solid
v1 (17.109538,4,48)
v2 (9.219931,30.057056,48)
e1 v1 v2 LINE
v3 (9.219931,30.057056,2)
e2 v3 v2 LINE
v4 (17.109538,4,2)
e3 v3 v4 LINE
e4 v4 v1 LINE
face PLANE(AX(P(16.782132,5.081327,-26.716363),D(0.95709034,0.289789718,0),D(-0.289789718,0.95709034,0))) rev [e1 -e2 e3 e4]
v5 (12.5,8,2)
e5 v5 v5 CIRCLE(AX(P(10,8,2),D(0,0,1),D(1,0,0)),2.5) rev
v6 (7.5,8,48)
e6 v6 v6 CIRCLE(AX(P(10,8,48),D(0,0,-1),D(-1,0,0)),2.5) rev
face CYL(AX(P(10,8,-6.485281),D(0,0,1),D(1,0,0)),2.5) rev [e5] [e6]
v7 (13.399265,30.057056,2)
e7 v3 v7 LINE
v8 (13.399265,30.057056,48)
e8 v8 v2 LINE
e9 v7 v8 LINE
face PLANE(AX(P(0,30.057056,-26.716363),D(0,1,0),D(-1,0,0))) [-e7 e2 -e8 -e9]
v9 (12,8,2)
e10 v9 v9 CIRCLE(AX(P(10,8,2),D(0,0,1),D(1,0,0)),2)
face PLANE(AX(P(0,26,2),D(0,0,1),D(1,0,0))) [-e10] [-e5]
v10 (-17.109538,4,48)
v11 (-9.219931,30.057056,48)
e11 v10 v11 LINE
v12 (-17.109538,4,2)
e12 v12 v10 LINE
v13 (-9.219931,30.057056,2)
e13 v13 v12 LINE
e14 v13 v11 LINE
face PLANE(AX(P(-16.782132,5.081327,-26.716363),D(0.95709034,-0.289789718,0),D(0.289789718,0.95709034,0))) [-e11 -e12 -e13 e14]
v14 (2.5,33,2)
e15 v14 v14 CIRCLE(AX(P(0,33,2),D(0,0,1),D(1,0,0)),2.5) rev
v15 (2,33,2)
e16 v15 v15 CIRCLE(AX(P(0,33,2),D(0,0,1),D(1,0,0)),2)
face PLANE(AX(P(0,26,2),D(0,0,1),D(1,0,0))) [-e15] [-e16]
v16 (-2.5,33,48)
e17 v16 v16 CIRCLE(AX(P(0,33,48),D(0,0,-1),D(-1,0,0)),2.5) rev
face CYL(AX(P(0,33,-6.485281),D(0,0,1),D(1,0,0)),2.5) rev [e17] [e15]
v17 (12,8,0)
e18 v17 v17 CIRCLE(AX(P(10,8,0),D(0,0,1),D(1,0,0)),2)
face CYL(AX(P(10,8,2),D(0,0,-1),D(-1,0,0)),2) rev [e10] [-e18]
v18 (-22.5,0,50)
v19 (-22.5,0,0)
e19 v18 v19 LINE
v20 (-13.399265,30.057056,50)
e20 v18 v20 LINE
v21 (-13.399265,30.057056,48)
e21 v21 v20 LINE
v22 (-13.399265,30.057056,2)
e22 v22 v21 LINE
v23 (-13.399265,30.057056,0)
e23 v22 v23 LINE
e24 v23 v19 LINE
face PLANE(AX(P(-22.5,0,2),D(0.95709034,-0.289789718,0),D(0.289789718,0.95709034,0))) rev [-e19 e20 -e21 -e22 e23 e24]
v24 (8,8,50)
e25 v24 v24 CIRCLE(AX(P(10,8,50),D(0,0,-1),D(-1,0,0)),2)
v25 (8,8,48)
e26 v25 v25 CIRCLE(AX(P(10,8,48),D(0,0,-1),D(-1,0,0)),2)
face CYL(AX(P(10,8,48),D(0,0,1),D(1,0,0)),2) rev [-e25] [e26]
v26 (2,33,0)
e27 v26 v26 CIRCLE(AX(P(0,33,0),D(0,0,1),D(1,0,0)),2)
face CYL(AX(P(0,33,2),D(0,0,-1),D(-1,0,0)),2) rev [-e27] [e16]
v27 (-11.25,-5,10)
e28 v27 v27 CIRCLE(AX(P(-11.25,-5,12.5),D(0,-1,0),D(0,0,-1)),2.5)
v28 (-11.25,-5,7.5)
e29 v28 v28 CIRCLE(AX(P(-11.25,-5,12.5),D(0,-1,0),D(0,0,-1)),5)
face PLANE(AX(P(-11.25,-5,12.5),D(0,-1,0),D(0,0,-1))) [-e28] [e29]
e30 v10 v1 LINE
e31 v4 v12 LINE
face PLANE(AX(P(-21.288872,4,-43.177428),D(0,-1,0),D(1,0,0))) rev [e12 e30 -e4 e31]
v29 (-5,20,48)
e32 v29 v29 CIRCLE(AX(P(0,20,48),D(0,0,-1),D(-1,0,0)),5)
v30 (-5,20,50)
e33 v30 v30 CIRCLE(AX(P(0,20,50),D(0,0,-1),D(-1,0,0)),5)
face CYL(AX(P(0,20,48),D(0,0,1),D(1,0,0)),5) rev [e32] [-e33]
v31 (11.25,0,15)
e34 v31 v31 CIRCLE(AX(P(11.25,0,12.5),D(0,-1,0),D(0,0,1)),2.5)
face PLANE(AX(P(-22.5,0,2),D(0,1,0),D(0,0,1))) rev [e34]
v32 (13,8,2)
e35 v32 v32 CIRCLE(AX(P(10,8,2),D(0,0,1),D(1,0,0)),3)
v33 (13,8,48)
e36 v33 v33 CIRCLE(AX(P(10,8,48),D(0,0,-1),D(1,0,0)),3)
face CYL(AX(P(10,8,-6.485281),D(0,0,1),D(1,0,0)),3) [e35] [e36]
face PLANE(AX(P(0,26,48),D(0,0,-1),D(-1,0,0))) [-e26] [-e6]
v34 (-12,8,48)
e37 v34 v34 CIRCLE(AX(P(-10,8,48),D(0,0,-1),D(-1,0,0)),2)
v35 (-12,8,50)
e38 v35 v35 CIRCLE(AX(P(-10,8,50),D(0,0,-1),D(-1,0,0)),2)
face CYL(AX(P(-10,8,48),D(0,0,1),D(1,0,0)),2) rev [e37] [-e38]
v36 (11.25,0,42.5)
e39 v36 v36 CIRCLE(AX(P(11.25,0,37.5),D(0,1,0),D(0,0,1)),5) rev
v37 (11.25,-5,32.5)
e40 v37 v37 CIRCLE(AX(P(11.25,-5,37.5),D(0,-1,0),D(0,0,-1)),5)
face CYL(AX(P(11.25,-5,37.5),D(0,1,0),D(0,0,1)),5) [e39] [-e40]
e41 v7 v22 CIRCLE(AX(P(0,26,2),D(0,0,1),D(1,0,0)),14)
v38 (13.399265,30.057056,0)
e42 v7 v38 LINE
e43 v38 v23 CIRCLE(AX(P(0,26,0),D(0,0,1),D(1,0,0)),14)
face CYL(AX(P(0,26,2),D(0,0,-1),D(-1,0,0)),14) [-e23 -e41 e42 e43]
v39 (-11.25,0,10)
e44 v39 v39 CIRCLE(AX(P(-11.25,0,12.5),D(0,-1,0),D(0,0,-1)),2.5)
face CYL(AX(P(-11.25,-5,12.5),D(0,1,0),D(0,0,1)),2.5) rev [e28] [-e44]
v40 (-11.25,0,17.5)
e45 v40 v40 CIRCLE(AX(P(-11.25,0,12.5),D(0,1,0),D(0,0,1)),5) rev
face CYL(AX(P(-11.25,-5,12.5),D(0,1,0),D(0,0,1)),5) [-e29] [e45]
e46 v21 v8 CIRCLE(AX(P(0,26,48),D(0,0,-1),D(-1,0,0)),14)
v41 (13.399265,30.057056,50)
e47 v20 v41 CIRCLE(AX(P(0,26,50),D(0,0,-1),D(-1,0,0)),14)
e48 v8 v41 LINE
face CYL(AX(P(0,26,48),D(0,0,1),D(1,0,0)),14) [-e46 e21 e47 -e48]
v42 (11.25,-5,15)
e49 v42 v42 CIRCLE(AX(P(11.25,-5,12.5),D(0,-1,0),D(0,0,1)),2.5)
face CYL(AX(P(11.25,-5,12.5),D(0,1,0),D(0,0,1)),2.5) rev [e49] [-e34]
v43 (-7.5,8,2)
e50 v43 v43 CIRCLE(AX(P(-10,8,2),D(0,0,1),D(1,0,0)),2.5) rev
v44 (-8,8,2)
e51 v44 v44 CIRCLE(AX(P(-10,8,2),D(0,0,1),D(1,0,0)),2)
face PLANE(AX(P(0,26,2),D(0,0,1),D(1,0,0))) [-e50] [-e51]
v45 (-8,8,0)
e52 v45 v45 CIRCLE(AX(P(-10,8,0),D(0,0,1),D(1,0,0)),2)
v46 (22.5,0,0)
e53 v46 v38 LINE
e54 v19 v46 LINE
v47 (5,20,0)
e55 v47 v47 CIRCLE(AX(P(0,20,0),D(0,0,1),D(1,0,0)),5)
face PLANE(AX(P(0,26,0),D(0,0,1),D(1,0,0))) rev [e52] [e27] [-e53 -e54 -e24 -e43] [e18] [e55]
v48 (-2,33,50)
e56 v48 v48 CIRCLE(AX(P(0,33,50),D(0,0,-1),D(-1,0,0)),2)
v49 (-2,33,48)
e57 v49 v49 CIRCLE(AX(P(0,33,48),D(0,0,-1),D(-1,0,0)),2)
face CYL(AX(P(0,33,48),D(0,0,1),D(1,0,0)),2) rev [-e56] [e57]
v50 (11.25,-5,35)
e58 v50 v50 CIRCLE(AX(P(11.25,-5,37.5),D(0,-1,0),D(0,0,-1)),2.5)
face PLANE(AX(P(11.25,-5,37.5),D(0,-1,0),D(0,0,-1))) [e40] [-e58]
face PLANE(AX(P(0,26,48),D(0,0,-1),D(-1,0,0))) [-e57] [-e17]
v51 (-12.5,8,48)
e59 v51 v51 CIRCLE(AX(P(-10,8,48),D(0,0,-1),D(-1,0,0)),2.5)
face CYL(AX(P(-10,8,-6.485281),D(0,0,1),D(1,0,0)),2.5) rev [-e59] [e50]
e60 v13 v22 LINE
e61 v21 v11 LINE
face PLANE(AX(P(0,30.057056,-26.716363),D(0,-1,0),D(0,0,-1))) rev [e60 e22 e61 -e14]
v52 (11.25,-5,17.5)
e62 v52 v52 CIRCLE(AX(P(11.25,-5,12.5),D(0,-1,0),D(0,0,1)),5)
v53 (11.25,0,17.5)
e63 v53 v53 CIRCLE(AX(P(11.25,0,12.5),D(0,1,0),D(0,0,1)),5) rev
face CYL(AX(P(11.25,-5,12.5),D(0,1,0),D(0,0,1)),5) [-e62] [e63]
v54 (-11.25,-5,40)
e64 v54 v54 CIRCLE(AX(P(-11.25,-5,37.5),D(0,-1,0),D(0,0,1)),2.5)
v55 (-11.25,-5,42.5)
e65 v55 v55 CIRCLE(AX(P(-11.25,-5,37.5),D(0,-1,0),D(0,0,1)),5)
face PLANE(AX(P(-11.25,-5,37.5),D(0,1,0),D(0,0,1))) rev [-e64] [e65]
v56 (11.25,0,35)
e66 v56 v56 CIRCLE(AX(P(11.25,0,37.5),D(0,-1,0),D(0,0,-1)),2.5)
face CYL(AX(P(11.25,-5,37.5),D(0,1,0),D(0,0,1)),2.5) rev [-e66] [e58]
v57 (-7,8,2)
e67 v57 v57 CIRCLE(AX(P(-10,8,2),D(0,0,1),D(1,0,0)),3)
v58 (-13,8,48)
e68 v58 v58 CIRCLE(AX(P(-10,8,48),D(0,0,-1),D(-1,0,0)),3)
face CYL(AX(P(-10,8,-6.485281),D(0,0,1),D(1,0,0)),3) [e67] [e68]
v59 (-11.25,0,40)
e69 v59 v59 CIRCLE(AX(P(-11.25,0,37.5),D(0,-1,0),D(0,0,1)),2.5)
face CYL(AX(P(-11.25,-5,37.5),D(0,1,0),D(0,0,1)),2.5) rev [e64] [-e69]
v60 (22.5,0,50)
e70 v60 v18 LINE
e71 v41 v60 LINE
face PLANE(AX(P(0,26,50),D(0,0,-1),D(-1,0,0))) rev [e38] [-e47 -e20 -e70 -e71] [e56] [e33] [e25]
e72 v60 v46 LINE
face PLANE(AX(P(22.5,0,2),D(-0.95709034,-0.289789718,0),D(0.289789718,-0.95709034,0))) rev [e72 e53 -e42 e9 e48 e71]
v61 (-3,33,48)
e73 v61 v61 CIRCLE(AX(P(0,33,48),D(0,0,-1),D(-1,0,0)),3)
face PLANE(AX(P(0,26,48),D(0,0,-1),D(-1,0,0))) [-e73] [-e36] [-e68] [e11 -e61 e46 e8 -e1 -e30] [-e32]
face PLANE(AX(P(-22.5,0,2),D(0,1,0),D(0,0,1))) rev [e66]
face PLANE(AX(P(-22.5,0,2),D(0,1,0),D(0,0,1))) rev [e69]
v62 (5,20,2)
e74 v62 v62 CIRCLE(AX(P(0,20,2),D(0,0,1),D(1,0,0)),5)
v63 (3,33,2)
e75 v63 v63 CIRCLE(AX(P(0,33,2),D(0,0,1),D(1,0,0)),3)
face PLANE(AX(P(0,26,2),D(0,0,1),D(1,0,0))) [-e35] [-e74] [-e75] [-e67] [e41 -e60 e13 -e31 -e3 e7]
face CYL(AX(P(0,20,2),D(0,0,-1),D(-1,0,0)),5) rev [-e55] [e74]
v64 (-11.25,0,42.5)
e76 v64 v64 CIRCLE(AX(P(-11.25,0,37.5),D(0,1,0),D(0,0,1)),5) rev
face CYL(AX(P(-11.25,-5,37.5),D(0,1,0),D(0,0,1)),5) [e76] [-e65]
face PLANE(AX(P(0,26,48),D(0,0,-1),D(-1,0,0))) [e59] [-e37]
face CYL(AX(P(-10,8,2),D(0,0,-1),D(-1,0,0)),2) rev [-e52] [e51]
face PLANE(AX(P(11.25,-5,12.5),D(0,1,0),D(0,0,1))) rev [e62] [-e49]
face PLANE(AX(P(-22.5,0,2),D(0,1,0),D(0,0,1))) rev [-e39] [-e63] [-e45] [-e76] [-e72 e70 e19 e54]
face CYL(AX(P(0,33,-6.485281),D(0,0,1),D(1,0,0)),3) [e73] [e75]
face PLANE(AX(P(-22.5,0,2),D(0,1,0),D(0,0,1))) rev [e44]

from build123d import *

# Parameters (mm, degrees)
SKETCH1_R           = 5
SKETCH1_R_2         = 2
BOSS_EXTRUDE1_DEPTH = 2
SKETCH2_R           = 2
SKETCH2_R_2         = 5
BOSS_EXTRUDE2_DEPTH = 2
SKETCH3_R           = 3
SKETCH3_R_2         = 2.5
BOSS_EXTRUDE3_DEPTH = 46
BOSS_EXTRUDE4_DEPTH = 46
BOSS_EXTRUDE5_DEPTH = 46
SKETCH8_R           = 5
SKETCH8_R_2         = 2.5
BOSS_EXTRUDE6_DEPTH = 5


with BuildPart() as part:
    # Sketch1 → Boss-Extrude1 (new body)
    with BuildSketch(Plane.XY):
        with BuildLine():
            Line((-22.5, 0), (22.5, 0))
            Line((22.5, 0), (13.399264765, 30.057056046))
            ThreePointArc((13.399264765, 30.057056046), (0, 40), (-13.399264765, 30.057056046))
            Line((-13.399264765, 30.057056046), (-22.5, 0))
        make_face()
        with Locations((0, 20)):
            Circle(SKETCH1_R, mode=Mode.SUBTRACT)
        with Locations((0, 33)):
            Circle(SKETCH1_R_2, mode=Mode.SUBTRACT)
        with Locations((10, 8)):
            Circle(SKETCH1_R_2, mode=Mode.SUBTRACT)
        with Locations((-10, 8)):
            Circle(SKETCH1_R_2, mode=Mode.SUBTRACT)
    extrude(amount=BOSS_EXTRUDE1_DEPTH)



with BuildPart() as body_2:
    # Sketch2 → Boss-Extrude2 (new body)
    with BuildSketch(Plane(origin=(0, 0, 50), x_dir=(-1, 0, 0), z_dir=(0, 0, -1))):
        with BuildLine():
            Line((-13.399264765, 30.057056046), (-22.5, 0))
            Line((-22.5, 0), (22.5, 0))
            Line((22.5, 0), (13.399264765, 30.057056046))
            ThreePointArc((13.399264765, 30.057056046), (0, 40), (-13.399264765, 30.057056046))
        make_face()
        with Locations(Location((-10, 8, 0), (0, 0, 180))):
            Circle(SKETCH2_R, mode=Mode.SUBTRACT)
        with Locations(Location((10, 8, 0), (0, 0, 180))):
            Circle(SKETCH2_R, mode=Mode.SUBTRACT)
        with Locations(Location((0, 20, 0), (0, 0, 180))):
            Circle(SKETCH2_R_2, mode=Mode.SUBTRACT)
        with Locations(Location((0, 33, 0), (0, 0, 180))):
            Circle(SKETCH2_R, mode=Mode.SUBTRACT)
    extrude(amount=BOSS_EXTRUDE2_DEPTH)


with BuildPart() as part_1:
    add(part.part)

    add(body_2.part)  # Boss-Extrude3 merges body 2
    # Sketch3 → Boss-Extrude3 (add)
    # profile 1 of 3: a face of its own
    with BuildSketch(Plane(origin=(0, 0, 48), x_dir=(-1, 0, 0), z_dir=(0, 0, -1))):
        with Locations(Location((10, 8, 0), (0, 0, 180))):
            Circle(SKETCH3_R)
        with Locations(Location((10, 8, 0), (0, 0, 180))):
            Circle(SKETCH3_R_2, mode=Mode.SUBTRACT)
    # profile 2 of 3: a face of its own
    with BuildSketch(Plane(origin=(0, 0, 48), x_dir=(-1, 0, 0), z_dir=(0, 0, -1))):
        with Locations(Location((0, 33, 0), (0, 0, 180))):
            Circle(SKETCH3_R)
        with Locations(Location((0, 33, 0), (0, 0, 180))):
            Circle(SKETCH3_R_2, mode=Mode.SUBTRACT)
    # profile 3 of 3: a face of its own
    with BuildSketch(Plane(origin=(0, 0, 48), x_dir=(-1, 0, 0), z_dir=(0, 0, -1))):
        with Locations(Location((-10, 8, 0), (0, 0, 180))):
            Circle(SKETCH3_R)
        with Locations(Location((-10, 8, 0), (0, 0, 180))):
            Circle(SKETCH3_R_2, mode=Mode.SUBTRACT)
    extrude(amount=BOSS_EXTRUDE3_DEPTH)

    # Sketch4 → Boss-Extrude4 (add)
    with BuildSketch(Plane(origin=(0, 0, 48), x_dir=(-1, 0, 0), z_dir=(0, 0, -1))):
        Polygon((22.5, 0), (-22.5, 0), (-21.288872041, 4), (21.288872041, 4), align=None)
    extrude(amount=BOSS_EXTRUDE4_DEPTH)

    # Sketch5 → Boss-Extrude5 (add)
    with BuildSketch(Plane(origin=(0, 0, 48), x_dir=(-1, 0, 0), z_dir=(0, 0, -1))):
        Polygon((17.109538251, 4), (21.288872041, 4), (13.399264765, 30.057056046), (9.219930974, 30.057056046), align=None)
        Polygon((-21.288872041, 4), (-17.109538251, 4), (-9.219930974, 30.057056046), (-13.399264765, 30.057056046), align=None)
    extrude(amount=BOSS_EXTRUDE5_DEPTH)

    # Sketch8 → Boss-Extrude6 (add)
    # profile 1 of 4: a face of its own
    with BuildSketch(Plane.XZ):
        with Locations(Location((-11.25, 12.5, 0), (0, 0, 90))):
            Circle(SKETCH8_R)
        with Locations(Location((-11.25, 12.5, 0), (0, 0, 270))):
            Circle(SKETCH8_R_2, mode=Mode.SUBTRACT)
    # profile 2 of 4: a face of its own
    with BuildSketch(Plane.XZ):
        with Locations(Location((-11.25, 37.5, 0), (0, 0, 90))):
            Circle(SKETCH8_R)
        with Locations(Location((-11.25, 37.5, 0), (0, 0, 90))):
            Circle(SKETCH8_R_2, mode=Mode.SUBTRACT)
    # profile 3 of 4: a face of its own
    with BuildSketch(Plane.XZ):
        with Locations(Location((11.25, 37.5, 0), (0, 0, 90))):
            Circle(SKETCH8_R)
        with Locations(Location((11.25, 37.5, 0), (0, 0, 270))):
            Circle(SKETCH8_R_2, mode=Mode.SUBTRACT)
    # profile 4 of 4: a face of its own
    with BuildSketch(Plane.XZ):
        with Locations(Location((11.25, 12.5, 0), (0, 0, 90))):
            Circle(SKETCH8_R)
        with Locations(Location((11.25, 12.5, 0), (0, 0, 90))):
            Circle(SKETCH8_R_2, mode=Mode.SUBTRACT)
    extrude(amount=BOSS_EXTRUDE6_DEPTH)


solid = part_1.part
